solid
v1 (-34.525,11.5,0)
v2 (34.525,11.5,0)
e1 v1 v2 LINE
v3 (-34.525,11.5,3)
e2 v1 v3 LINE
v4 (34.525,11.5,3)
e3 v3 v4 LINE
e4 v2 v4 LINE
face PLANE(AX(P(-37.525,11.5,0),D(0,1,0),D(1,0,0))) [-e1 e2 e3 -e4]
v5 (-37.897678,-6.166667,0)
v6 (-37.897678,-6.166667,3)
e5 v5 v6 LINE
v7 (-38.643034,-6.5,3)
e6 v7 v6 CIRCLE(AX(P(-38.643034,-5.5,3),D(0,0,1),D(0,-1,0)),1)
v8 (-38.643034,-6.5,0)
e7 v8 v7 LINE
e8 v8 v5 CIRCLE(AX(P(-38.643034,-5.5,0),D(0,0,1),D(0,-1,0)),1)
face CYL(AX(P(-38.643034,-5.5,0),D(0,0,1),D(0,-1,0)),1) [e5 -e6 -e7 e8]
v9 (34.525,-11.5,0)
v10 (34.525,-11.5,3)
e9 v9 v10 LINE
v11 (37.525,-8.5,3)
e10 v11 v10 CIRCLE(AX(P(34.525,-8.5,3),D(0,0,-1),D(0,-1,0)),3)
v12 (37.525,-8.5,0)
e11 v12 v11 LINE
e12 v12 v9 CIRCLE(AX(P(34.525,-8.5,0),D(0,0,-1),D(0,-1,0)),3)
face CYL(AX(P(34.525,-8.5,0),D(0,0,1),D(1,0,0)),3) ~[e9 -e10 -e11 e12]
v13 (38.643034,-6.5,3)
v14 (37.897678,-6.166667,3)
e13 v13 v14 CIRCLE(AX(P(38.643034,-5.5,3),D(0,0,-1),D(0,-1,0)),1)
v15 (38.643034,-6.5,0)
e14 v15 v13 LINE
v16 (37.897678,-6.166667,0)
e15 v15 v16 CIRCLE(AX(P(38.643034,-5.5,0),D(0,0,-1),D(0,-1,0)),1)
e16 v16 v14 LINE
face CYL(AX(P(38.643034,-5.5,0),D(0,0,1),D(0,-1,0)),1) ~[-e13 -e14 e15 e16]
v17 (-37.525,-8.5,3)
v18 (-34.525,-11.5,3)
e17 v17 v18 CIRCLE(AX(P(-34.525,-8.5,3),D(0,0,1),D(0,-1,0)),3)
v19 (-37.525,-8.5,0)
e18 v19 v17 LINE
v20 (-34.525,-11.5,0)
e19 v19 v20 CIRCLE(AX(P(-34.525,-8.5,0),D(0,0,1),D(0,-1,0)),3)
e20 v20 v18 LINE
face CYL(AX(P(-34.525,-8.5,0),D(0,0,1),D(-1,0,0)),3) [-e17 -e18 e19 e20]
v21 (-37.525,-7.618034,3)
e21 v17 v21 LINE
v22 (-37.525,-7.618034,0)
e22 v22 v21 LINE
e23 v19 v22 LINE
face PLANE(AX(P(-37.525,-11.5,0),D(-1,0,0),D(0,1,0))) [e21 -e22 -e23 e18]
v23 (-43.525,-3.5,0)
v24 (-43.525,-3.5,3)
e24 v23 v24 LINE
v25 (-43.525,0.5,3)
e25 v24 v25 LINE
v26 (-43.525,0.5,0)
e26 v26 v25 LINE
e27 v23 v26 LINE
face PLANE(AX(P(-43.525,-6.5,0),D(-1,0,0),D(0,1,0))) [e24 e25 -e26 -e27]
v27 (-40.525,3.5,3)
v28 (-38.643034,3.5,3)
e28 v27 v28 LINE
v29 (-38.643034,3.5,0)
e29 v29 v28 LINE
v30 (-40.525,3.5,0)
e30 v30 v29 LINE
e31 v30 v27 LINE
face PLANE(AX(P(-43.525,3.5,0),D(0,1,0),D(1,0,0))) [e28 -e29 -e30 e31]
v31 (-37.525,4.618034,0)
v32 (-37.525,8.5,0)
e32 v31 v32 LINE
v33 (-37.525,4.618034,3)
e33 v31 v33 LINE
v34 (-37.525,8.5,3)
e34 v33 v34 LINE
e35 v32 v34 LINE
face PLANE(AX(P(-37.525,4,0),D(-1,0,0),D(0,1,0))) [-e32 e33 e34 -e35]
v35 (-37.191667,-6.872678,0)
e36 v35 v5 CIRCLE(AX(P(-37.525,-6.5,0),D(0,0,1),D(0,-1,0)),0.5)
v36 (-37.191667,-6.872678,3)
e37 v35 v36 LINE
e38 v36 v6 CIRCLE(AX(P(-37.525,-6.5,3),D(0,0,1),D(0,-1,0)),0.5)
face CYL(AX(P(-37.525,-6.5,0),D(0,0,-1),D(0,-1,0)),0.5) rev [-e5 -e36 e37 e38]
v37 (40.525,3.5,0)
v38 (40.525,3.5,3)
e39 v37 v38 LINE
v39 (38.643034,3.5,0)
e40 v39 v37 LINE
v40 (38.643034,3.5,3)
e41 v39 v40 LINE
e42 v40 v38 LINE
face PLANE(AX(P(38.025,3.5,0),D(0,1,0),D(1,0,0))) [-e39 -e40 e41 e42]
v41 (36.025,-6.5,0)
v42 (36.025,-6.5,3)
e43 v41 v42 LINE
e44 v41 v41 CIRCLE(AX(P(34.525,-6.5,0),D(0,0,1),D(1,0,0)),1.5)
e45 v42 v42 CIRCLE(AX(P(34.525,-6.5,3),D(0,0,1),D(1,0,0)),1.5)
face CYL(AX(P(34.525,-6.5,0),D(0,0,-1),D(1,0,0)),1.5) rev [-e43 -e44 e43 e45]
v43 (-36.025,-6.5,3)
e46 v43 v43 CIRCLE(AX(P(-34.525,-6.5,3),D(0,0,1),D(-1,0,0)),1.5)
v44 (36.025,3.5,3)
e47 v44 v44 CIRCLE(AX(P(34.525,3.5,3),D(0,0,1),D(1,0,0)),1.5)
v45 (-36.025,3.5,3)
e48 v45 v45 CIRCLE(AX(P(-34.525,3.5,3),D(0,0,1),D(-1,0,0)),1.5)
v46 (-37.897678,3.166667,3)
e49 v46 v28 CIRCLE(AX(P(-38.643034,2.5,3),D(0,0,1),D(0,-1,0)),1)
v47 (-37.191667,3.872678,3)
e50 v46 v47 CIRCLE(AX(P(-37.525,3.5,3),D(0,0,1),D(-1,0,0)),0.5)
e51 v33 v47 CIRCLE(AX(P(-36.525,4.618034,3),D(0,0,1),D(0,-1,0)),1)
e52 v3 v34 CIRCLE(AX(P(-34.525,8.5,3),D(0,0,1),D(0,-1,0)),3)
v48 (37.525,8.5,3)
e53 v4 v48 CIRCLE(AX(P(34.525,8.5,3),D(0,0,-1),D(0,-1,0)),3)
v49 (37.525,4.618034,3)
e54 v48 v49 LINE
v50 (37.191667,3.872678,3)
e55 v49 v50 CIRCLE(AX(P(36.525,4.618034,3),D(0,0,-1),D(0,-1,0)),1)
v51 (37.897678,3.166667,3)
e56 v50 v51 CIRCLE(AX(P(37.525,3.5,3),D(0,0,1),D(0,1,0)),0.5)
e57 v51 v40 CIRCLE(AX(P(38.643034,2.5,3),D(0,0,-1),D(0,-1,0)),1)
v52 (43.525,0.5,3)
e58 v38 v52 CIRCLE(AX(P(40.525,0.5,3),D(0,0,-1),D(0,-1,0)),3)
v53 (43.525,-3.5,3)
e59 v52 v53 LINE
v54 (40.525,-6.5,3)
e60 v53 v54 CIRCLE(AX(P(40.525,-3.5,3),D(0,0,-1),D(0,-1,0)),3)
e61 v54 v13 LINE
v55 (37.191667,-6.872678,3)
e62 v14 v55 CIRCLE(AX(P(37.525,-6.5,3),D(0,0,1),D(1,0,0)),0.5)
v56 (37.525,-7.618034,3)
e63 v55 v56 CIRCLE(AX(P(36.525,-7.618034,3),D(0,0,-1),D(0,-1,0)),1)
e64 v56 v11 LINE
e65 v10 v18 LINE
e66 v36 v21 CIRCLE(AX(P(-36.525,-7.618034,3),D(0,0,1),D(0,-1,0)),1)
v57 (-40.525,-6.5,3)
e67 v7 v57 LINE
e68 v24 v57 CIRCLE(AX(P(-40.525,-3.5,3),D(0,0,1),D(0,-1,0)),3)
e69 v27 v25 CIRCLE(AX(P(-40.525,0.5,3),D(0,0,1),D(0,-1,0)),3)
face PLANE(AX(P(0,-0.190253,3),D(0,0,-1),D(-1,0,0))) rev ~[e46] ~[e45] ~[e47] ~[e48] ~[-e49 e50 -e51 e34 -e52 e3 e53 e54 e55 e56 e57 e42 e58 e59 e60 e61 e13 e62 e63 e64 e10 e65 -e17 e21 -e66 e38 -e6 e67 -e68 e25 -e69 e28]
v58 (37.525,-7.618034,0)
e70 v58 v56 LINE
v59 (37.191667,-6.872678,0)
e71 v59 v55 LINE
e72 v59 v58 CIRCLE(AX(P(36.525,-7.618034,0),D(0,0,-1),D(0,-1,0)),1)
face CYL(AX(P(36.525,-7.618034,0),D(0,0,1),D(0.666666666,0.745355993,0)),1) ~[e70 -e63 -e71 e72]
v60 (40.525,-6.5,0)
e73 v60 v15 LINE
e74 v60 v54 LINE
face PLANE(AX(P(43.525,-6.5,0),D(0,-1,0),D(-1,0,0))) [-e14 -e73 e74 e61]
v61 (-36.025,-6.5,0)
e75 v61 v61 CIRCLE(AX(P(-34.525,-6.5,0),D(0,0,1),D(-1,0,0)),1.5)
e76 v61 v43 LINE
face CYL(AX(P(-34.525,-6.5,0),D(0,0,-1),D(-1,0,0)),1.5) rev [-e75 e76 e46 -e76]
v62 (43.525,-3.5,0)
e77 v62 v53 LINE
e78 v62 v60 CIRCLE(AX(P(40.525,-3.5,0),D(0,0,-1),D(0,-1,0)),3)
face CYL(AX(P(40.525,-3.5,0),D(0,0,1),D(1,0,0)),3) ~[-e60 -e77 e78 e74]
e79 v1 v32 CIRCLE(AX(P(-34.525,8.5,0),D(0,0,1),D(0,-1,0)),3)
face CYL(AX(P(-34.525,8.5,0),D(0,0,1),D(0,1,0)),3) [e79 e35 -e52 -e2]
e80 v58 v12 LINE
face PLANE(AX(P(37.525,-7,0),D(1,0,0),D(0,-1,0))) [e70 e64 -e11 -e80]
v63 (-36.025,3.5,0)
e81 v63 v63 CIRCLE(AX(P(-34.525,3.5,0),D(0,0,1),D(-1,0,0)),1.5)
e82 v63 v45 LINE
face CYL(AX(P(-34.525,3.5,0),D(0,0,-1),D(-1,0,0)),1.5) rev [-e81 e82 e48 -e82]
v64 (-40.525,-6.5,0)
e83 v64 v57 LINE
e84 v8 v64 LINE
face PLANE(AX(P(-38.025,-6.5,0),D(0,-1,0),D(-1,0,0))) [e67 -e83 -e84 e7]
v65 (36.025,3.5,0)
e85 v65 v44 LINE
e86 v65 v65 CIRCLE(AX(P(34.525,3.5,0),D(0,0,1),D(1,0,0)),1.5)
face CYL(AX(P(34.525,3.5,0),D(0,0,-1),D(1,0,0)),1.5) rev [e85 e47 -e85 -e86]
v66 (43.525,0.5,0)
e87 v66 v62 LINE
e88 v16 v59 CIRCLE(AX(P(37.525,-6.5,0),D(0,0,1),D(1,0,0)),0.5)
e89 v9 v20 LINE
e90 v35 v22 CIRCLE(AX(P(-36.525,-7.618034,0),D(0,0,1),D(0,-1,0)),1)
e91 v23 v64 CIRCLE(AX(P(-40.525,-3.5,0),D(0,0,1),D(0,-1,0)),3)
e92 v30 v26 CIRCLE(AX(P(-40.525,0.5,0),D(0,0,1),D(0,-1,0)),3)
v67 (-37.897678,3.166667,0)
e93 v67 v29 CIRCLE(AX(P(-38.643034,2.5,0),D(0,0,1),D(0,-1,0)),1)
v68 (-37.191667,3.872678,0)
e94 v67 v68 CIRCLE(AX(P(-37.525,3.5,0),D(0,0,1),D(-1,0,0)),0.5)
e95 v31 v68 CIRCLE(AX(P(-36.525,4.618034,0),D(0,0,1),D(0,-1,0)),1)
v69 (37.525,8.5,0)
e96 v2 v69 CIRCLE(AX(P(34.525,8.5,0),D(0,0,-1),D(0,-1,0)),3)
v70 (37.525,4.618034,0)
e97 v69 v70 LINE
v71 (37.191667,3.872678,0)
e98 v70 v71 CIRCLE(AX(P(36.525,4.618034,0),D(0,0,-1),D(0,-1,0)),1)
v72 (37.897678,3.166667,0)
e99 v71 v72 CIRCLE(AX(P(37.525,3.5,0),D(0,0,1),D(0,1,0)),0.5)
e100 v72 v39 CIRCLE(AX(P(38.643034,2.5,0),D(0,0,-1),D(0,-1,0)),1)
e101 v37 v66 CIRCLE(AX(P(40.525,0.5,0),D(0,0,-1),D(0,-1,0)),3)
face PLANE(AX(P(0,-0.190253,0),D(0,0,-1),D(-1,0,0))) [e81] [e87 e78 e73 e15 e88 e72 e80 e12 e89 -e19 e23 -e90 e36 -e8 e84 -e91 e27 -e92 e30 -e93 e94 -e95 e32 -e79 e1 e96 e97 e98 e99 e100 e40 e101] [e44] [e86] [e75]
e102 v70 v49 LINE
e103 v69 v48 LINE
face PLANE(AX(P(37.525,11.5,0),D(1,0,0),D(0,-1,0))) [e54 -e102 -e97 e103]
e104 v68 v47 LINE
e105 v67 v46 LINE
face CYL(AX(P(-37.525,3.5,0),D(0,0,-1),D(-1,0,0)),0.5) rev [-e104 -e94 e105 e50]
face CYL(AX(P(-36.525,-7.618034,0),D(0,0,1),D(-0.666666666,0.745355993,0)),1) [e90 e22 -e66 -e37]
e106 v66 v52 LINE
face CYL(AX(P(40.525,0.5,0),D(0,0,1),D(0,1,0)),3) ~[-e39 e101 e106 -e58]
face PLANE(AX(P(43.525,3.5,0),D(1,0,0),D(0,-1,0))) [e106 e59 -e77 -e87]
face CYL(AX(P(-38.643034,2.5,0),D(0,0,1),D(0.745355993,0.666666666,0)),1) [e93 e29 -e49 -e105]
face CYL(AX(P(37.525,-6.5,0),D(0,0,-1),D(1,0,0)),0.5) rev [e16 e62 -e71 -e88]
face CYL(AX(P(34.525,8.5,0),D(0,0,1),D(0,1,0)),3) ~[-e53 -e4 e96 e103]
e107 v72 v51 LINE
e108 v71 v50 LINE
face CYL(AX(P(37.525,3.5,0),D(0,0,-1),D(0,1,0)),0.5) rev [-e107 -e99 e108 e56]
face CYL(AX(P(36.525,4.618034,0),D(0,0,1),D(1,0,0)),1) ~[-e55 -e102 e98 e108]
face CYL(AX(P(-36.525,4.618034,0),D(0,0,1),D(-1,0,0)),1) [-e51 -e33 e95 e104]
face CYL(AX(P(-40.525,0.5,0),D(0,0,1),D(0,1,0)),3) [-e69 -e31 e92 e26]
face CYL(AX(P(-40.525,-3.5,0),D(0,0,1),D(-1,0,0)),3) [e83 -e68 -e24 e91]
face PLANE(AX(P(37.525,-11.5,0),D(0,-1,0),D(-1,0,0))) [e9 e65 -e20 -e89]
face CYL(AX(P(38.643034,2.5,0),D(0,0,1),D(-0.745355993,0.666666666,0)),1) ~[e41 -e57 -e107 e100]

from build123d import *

# Parameters (mm, degrees)
SKETCH_1_R      = 1.5
EXTRUDE_1_DEPTH = 3
FILLET_1_R      = 3
FILLET_2_R      = 1


with BuildPart() as part:
    # 草图1 → 凸台-拉伸1 (new body)
    with BuildSketch(Plane.XY):
        with BuildLine():
            Line((-37.525, 11.5), (37.525, 11.5))
            Line((37.525, 11.5), (37.525, 4))
            ThreePointArc((37.525, 4), (37.171446609, 3.146446609), (38.025, 3.5))
            Line((38.025, 3.5), (43.525, 3.5))
            Line((43.525, 3.5), (43.525, -6.5))
            Line((43.525, -6.5), (38.025, -6.5))
            ThreePointArc((38.025, -6.5), (37.171446609, -6.146446609), (37.525, -7))
            Line((37.525, -7), (37.525, -11.5))
            Line((37.525, -11.5), (-37.525, -11.5))
            Line((-37.525, -11.5), (-37.525, -7))
            ThreePointArc((-37.525, -7), (-37.171446609, -6.146446609), (-38.025, -6.5))
            Line((-38.025, -6.5), (-43.525, -6.5))
            Line((-43.525, -6.5), (-43.525, 3.5))
            Line((-43.525, 3.5), (-38.025, 3.5))
            ThreePointArc((-38.025, 3.5), (-37.171446609, 3.146446609), (-37.525, 4))
            Line((-37.525, 4), (-37.525, 11.5))
        make_face()
        with Locations((34.525, 3.5)):
            Circle(SKETCH_1_R, mode=Mode.SUBTRACT)
        with Locations((34.525, -6.5)):
            Circle(SKETCH_1_R, mode=Mode.SUBTRACT)
        with Locations(Location((-34.525, -6.5, 0), (0, 0, 180))):
            Circle(SKETCH_1_R, mode=Mode.SUBTRACT)
        with Locations(Location((-34.525, 3.5, 0), (0, 0, 180))):
            Circle(SKETCH_1_R, mode=Mode.SUBTRACT)
    extrude(amount=EXTRUDE_1_DEPTH)

    # 圆角1
    fillet_1_edges = [part.edges().sort_by_distance(p)[0] for p in [
        (37.525, -11.5, 1.5),
        (-37.525, -11.5, 1.5),
        (-43.525, -6.5, 1.5),
        (-43.525, 3.5, 1.5),
        (-37.525, 11.5, 1.5),
        (37.525, 11.5, 1.5),
        (43.525, 3.5, 1.5),
        (43.525, -6.5, 1.5),
    ]]
    fillet(fillet_1_edges, radius=FILLET_1_R)

    # 圆角2
    fillet_2_edges = [part.edges().sort_by_distance(p)[0] for p in [
        (-37.525, -7, 1.5),
        (-38.025, -6.5, 1.5),
        (-38.025, 3.5, 1.5),
        (-37.525, 4, 1.5),
        (37.525, 4, 1.5),
        (38.025, 3.5, 1.5),
        (38.025, -6.5, 1.5),
        (37.525, -7, 1.5),
    ]]
    fillet(fillet_2_edges, radius=FILLET_2_R)


solid = part.part
